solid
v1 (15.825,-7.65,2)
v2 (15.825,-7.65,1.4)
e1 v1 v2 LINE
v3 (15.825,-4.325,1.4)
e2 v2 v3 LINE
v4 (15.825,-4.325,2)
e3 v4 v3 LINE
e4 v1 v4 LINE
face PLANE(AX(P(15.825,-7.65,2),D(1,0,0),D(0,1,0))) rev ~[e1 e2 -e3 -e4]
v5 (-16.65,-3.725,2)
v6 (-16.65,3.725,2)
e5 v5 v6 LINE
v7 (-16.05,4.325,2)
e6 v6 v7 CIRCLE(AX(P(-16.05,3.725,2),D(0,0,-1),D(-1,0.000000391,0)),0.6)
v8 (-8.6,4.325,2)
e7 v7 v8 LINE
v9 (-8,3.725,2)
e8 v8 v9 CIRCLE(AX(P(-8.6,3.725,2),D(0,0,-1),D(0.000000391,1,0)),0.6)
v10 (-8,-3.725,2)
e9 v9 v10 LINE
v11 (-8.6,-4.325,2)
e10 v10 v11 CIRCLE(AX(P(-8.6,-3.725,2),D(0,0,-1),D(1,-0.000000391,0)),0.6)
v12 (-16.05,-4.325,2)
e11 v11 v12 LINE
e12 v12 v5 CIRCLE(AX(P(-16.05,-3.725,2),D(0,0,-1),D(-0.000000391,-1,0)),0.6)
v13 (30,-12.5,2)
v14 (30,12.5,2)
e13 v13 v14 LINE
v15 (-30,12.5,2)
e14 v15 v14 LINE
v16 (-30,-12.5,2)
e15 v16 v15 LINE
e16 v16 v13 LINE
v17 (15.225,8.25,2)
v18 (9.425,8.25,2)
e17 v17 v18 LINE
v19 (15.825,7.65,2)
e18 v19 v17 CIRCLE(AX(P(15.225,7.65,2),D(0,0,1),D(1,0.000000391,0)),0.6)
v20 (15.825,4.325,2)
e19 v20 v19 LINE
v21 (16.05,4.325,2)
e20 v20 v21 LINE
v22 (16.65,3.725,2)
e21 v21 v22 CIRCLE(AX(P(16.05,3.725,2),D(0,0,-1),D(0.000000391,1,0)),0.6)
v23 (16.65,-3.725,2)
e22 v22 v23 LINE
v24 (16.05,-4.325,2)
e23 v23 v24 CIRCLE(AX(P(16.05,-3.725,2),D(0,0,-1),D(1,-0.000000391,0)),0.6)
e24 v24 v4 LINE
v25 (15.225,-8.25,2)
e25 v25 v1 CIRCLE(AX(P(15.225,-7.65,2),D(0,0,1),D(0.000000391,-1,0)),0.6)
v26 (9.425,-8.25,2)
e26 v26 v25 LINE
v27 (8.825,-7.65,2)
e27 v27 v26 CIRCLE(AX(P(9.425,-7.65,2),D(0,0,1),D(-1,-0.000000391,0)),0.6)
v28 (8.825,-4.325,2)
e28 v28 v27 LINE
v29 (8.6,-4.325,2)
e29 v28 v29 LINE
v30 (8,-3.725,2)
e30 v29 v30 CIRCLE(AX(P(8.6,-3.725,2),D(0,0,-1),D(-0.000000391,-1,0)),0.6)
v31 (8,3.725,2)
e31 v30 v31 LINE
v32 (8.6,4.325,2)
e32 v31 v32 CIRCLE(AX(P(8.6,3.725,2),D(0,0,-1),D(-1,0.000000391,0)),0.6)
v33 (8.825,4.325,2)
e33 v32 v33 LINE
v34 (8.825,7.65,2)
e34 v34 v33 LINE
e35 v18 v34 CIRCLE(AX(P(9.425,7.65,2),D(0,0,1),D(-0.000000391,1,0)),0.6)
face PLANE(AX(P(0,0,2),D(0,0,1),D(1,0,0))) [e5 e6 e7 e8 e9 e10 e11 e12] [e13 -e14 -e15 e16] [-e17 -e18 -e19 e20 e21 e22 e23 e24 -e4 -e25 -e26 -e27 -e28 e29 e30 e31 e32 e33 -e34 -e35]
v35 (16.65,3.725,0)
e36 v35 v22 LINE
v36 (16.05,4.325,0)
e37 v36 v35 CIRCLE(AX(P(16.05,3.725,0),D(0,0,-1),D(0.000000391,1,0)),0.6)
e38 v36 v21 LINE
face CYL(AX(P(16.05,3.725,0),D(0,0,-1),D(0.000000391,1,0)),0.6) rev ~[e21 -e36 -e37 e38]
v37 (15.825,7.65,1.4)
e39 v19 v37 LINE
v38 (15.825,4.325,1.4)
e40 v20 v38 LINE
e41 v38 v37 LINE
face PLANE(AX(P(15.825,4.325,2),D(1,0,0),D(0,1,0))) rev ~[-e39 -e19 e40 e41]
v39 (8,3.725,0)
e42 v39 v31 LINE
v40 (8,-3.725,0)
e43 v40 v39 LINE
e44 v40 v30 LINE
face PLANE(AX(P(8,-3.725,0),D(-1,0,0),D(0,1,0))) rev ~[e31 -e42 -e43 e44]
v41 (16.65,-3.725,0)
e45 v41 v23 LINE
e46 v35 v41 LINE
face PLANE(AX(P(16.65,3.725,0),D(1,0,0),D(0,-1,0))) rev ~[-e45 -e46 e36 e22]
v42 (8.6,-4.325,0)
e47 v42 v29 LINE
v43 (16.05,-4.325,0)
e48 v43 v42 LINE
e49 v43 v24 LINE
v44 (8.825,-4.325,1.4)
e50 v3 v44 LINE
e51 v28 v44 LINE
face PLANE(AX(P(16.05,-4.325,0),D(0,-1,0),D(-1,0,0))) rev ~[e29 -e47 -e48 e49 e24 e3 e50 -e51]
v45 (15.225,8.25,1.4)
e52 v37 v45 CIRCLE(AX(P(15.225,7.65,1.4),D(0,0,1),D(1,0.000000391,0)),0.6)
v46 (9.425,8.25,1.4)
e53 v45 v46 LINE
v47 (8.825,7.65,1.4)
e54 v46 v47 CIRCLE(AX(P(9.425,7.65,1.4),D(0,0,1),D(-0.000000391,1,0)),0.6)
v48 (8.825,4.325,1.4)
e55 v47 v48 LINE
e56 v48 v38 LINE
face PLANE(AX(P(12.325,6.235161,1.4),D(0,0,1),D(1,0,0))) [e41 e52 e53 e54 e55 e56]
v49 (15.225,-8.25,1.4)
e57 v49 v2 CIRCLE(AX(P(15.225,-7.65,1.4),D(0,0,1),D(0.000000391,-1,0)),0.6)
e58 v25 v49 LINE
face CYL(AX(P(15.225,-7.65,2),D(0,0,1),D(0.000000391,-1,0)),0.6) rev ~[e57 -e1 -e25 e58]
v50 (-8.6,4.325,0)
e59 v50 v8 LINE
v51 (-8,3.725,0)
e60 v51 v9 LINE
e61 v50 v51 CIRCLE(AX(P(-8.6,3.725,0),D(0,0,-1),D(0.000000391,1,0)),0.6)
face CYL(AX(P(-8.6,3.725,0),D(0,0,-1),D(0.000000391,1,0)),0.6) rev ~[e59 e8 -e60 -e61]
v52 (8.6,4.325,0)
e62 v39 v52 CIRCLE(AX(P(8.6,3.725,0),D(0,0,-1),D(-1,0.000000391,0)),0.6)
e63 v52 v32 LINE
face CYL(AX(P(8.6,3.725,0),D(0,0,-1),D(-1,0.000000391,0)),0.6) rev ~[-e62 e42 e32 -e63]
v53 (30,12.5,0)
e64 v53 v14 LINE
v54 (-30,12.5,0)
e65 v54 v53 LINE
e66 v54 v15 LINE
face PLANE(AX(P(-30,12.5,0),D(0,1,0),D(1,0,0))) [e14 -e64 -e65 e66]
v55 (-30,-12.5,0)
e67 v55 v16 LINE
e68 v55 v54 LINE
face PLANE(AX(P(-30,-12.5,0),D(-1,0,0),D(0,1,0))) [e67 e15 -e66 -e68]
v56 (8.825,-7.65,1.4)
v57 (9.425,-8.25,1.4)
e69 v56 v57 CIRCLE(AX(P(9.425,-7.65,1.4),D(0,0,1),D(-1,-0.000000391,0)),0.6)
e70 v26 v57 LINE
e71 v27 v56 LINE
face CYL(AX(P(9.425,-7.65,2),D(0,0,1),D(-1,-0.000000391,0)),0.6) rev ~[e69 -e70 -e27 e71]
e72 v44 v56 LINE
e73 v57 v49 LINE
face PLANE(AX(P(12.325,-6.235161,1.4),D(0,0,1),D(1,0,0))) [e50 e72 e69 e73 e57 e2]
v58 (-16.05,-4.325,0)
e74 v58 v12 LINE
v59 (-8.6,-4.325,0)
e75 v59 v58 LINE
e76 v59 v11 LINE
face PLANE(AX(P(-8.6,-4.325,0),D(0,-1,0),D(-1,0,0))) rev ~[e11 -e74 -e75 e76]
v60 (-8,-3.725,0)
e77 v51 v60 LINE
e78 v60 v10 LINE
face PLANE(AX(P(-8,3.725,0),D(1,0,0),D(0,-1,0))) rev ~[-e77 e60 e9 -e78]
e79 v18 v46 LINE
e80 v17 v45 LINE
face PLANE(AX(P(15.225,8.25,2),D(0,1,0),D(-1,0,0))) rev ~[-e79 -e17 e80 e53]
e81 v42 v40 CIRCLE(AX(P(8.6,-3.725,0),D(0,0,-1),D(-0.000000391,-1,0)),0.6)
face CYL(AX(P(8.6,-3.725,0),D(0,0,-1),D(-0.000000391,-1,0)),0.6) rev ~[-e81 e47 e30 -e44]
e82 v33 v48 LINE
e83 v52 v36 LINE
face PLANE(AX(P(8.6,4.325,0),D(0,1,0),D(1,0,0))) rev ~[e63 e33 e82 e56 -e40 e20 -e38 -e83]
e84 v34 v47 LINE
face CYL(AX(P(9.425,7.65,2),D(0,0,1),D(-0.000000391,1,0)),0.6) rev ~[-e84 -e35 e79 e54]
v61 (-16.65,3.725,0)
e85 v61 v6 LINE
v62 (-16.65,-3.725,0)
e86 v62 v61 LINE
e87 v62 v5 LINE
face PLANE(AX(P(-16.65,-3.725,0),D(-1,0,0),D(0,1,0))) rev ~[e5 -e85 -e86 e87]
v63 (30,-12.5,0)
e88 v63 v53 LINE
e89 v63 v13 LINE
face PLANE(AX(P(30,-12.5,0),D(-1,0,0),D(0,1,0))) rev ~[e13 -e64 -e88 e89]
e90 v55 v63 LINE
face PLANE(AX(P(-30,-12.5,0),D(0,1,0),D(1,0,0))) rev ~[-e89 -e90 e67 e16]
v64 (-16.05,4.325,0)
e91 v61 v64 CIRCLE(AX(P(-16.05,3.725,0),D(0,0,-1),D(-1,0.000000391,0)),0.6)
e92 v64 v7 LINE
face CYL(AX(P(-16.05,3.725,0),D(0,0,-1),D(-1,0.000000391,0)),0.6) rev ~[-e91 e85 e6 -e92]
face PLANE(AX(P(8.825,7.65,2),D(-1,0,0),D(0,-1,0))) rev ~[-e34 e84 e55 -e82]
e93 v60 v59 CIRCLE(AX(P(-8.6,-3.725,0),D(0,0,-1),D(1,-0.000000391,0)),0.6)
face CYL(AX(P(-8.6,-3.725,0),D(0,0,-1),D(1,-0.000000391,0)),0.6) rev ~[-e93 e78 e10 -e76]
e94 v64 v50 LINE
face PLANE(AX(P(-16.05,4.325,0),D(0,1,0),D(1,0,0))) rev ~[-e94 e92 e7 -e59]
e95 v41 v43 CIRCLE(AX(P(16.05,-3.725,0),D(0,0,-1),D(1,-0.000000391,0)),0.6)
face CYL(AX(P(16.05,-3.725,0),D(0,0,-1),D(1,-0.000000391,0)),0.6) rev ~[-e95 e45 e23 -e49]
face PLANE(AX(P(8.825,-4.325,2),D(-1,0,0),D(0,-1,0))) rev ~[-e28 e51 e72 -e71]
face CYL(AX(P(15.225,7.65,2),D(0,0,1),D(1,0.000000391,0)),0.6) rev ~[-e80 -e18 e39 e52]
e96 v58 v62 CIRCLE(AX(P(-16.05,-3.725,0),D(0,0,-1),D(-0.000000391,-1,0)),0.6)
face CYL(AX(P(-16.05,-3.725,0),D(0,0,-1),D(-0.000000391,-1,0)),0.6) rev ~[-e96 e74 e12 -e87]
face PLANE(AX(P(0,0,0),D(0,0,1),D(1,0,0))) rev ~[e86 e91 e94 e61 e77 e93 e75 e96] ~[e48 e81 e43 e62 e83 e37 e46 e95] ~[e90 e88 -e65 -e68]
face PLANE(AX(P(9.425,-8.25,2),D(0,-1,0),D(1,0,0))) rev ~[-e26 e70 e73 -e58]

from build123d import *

# Parameters (mm, degrees)
F0_W     = 60
F0_H     = 25
F1_DEPTH = 2
F3_DEPTH = 0.6


with BuildPart() as f1:
    # F0 (on Top) → F1 (new body)
    with BuildSketch(Plane.XY):
        Rectangle(F0_W, F0_H)
        with BuildLine():
            ThreePointArc((-16.65, 3.725), (-16.474264, 4.149264), (-16.05, 4.325))
            Line((-16.05, 4.325), (-8.6, 4.325))
            ThreePointArc((-8.6, 4.325), (-8.175736, 4.149264), (-8, 3.725))
            Line((-8, 3.725), (-8, -3.725))
            ThreePointArc((-8, -3.725), (-8.175736, -4.149264), (-8.6, -4.325))
            Line((-8.6, -4.325), (-16.05, -4.325))
            ThreePointArc((-16.05, -4.325), (-16.474264, -4.149264), (-16.65, -3.725))
            Line((-16.65, -3.725), (-16.65, 3.725))
        make_face(mode=Mode.SUBTRACT)
        with BuildLine():
            ThreePointArc((8, 3.725), (8.175736, 4.149264), (8.6, 4.325))
            Line((8.6, 4.325), (16.05, 4.325))
            ThreePointArc((16.05, 4.325), (16.474264, 4.149264), (16.65, 3.725))
            Line((16.65, 3.725), (16.65, -3.725))
            ThreePointArc((16.65, -3.725), (16.474264, -4.149264), (16.05, -4.325))
            Line((16.05, -4.325), (8.6, -4.325))
            ThreePointArc((8.6, -4.325), (8.175736, -4.149264), (8, -3.725))
            Line((8, -3.725), (8, 3.725))
        make_face(mode=Mode.SUBTRACT)
    extrude(amount=F1_DEPTH)

    # F2 (on face) → F3 (cut)
    with BuildSketch(Plane.XY.offset(2)):
        with BuildLine():
            Line((15.225, 8.25), (9.425, 8.25))
            ThreePointArc((9.425, 8.25), (9.000736, 8.074264), (8.825, 7.65))
            Line((8.825, 7.65), (8.825, 4.325))
            Line((8.825, 4.325), (15.825, 4.325))
            Line((15.825, 4.325), (15.825, 7.65))
            ThreePointArc((15.825, 7.65), (15.649264, 8.074264), (15.225, 8.25))
        make_face()
        with BuildLine():
            Line((15.825, -4.325), (8.825, -4.325))
            Line((8.825, -4.325), (8.825, -7.65))
            ThreePointArc((8.825, -7.65), (9.000736, -8.074264), (9.425, -8.25))
            Line((9.425, -8.25), (15.225, -8.25))
            ThreePointArc((15.225, -8.25), (15.649264, -8.074264), (15.825, -7.65))
            Line((15.825, -7.65), (15.825, -4.325))
        make_face()
    extrude(amount=-F3_DEPTH, mode=Mode.SUBTRACT)


solid = f1.part
